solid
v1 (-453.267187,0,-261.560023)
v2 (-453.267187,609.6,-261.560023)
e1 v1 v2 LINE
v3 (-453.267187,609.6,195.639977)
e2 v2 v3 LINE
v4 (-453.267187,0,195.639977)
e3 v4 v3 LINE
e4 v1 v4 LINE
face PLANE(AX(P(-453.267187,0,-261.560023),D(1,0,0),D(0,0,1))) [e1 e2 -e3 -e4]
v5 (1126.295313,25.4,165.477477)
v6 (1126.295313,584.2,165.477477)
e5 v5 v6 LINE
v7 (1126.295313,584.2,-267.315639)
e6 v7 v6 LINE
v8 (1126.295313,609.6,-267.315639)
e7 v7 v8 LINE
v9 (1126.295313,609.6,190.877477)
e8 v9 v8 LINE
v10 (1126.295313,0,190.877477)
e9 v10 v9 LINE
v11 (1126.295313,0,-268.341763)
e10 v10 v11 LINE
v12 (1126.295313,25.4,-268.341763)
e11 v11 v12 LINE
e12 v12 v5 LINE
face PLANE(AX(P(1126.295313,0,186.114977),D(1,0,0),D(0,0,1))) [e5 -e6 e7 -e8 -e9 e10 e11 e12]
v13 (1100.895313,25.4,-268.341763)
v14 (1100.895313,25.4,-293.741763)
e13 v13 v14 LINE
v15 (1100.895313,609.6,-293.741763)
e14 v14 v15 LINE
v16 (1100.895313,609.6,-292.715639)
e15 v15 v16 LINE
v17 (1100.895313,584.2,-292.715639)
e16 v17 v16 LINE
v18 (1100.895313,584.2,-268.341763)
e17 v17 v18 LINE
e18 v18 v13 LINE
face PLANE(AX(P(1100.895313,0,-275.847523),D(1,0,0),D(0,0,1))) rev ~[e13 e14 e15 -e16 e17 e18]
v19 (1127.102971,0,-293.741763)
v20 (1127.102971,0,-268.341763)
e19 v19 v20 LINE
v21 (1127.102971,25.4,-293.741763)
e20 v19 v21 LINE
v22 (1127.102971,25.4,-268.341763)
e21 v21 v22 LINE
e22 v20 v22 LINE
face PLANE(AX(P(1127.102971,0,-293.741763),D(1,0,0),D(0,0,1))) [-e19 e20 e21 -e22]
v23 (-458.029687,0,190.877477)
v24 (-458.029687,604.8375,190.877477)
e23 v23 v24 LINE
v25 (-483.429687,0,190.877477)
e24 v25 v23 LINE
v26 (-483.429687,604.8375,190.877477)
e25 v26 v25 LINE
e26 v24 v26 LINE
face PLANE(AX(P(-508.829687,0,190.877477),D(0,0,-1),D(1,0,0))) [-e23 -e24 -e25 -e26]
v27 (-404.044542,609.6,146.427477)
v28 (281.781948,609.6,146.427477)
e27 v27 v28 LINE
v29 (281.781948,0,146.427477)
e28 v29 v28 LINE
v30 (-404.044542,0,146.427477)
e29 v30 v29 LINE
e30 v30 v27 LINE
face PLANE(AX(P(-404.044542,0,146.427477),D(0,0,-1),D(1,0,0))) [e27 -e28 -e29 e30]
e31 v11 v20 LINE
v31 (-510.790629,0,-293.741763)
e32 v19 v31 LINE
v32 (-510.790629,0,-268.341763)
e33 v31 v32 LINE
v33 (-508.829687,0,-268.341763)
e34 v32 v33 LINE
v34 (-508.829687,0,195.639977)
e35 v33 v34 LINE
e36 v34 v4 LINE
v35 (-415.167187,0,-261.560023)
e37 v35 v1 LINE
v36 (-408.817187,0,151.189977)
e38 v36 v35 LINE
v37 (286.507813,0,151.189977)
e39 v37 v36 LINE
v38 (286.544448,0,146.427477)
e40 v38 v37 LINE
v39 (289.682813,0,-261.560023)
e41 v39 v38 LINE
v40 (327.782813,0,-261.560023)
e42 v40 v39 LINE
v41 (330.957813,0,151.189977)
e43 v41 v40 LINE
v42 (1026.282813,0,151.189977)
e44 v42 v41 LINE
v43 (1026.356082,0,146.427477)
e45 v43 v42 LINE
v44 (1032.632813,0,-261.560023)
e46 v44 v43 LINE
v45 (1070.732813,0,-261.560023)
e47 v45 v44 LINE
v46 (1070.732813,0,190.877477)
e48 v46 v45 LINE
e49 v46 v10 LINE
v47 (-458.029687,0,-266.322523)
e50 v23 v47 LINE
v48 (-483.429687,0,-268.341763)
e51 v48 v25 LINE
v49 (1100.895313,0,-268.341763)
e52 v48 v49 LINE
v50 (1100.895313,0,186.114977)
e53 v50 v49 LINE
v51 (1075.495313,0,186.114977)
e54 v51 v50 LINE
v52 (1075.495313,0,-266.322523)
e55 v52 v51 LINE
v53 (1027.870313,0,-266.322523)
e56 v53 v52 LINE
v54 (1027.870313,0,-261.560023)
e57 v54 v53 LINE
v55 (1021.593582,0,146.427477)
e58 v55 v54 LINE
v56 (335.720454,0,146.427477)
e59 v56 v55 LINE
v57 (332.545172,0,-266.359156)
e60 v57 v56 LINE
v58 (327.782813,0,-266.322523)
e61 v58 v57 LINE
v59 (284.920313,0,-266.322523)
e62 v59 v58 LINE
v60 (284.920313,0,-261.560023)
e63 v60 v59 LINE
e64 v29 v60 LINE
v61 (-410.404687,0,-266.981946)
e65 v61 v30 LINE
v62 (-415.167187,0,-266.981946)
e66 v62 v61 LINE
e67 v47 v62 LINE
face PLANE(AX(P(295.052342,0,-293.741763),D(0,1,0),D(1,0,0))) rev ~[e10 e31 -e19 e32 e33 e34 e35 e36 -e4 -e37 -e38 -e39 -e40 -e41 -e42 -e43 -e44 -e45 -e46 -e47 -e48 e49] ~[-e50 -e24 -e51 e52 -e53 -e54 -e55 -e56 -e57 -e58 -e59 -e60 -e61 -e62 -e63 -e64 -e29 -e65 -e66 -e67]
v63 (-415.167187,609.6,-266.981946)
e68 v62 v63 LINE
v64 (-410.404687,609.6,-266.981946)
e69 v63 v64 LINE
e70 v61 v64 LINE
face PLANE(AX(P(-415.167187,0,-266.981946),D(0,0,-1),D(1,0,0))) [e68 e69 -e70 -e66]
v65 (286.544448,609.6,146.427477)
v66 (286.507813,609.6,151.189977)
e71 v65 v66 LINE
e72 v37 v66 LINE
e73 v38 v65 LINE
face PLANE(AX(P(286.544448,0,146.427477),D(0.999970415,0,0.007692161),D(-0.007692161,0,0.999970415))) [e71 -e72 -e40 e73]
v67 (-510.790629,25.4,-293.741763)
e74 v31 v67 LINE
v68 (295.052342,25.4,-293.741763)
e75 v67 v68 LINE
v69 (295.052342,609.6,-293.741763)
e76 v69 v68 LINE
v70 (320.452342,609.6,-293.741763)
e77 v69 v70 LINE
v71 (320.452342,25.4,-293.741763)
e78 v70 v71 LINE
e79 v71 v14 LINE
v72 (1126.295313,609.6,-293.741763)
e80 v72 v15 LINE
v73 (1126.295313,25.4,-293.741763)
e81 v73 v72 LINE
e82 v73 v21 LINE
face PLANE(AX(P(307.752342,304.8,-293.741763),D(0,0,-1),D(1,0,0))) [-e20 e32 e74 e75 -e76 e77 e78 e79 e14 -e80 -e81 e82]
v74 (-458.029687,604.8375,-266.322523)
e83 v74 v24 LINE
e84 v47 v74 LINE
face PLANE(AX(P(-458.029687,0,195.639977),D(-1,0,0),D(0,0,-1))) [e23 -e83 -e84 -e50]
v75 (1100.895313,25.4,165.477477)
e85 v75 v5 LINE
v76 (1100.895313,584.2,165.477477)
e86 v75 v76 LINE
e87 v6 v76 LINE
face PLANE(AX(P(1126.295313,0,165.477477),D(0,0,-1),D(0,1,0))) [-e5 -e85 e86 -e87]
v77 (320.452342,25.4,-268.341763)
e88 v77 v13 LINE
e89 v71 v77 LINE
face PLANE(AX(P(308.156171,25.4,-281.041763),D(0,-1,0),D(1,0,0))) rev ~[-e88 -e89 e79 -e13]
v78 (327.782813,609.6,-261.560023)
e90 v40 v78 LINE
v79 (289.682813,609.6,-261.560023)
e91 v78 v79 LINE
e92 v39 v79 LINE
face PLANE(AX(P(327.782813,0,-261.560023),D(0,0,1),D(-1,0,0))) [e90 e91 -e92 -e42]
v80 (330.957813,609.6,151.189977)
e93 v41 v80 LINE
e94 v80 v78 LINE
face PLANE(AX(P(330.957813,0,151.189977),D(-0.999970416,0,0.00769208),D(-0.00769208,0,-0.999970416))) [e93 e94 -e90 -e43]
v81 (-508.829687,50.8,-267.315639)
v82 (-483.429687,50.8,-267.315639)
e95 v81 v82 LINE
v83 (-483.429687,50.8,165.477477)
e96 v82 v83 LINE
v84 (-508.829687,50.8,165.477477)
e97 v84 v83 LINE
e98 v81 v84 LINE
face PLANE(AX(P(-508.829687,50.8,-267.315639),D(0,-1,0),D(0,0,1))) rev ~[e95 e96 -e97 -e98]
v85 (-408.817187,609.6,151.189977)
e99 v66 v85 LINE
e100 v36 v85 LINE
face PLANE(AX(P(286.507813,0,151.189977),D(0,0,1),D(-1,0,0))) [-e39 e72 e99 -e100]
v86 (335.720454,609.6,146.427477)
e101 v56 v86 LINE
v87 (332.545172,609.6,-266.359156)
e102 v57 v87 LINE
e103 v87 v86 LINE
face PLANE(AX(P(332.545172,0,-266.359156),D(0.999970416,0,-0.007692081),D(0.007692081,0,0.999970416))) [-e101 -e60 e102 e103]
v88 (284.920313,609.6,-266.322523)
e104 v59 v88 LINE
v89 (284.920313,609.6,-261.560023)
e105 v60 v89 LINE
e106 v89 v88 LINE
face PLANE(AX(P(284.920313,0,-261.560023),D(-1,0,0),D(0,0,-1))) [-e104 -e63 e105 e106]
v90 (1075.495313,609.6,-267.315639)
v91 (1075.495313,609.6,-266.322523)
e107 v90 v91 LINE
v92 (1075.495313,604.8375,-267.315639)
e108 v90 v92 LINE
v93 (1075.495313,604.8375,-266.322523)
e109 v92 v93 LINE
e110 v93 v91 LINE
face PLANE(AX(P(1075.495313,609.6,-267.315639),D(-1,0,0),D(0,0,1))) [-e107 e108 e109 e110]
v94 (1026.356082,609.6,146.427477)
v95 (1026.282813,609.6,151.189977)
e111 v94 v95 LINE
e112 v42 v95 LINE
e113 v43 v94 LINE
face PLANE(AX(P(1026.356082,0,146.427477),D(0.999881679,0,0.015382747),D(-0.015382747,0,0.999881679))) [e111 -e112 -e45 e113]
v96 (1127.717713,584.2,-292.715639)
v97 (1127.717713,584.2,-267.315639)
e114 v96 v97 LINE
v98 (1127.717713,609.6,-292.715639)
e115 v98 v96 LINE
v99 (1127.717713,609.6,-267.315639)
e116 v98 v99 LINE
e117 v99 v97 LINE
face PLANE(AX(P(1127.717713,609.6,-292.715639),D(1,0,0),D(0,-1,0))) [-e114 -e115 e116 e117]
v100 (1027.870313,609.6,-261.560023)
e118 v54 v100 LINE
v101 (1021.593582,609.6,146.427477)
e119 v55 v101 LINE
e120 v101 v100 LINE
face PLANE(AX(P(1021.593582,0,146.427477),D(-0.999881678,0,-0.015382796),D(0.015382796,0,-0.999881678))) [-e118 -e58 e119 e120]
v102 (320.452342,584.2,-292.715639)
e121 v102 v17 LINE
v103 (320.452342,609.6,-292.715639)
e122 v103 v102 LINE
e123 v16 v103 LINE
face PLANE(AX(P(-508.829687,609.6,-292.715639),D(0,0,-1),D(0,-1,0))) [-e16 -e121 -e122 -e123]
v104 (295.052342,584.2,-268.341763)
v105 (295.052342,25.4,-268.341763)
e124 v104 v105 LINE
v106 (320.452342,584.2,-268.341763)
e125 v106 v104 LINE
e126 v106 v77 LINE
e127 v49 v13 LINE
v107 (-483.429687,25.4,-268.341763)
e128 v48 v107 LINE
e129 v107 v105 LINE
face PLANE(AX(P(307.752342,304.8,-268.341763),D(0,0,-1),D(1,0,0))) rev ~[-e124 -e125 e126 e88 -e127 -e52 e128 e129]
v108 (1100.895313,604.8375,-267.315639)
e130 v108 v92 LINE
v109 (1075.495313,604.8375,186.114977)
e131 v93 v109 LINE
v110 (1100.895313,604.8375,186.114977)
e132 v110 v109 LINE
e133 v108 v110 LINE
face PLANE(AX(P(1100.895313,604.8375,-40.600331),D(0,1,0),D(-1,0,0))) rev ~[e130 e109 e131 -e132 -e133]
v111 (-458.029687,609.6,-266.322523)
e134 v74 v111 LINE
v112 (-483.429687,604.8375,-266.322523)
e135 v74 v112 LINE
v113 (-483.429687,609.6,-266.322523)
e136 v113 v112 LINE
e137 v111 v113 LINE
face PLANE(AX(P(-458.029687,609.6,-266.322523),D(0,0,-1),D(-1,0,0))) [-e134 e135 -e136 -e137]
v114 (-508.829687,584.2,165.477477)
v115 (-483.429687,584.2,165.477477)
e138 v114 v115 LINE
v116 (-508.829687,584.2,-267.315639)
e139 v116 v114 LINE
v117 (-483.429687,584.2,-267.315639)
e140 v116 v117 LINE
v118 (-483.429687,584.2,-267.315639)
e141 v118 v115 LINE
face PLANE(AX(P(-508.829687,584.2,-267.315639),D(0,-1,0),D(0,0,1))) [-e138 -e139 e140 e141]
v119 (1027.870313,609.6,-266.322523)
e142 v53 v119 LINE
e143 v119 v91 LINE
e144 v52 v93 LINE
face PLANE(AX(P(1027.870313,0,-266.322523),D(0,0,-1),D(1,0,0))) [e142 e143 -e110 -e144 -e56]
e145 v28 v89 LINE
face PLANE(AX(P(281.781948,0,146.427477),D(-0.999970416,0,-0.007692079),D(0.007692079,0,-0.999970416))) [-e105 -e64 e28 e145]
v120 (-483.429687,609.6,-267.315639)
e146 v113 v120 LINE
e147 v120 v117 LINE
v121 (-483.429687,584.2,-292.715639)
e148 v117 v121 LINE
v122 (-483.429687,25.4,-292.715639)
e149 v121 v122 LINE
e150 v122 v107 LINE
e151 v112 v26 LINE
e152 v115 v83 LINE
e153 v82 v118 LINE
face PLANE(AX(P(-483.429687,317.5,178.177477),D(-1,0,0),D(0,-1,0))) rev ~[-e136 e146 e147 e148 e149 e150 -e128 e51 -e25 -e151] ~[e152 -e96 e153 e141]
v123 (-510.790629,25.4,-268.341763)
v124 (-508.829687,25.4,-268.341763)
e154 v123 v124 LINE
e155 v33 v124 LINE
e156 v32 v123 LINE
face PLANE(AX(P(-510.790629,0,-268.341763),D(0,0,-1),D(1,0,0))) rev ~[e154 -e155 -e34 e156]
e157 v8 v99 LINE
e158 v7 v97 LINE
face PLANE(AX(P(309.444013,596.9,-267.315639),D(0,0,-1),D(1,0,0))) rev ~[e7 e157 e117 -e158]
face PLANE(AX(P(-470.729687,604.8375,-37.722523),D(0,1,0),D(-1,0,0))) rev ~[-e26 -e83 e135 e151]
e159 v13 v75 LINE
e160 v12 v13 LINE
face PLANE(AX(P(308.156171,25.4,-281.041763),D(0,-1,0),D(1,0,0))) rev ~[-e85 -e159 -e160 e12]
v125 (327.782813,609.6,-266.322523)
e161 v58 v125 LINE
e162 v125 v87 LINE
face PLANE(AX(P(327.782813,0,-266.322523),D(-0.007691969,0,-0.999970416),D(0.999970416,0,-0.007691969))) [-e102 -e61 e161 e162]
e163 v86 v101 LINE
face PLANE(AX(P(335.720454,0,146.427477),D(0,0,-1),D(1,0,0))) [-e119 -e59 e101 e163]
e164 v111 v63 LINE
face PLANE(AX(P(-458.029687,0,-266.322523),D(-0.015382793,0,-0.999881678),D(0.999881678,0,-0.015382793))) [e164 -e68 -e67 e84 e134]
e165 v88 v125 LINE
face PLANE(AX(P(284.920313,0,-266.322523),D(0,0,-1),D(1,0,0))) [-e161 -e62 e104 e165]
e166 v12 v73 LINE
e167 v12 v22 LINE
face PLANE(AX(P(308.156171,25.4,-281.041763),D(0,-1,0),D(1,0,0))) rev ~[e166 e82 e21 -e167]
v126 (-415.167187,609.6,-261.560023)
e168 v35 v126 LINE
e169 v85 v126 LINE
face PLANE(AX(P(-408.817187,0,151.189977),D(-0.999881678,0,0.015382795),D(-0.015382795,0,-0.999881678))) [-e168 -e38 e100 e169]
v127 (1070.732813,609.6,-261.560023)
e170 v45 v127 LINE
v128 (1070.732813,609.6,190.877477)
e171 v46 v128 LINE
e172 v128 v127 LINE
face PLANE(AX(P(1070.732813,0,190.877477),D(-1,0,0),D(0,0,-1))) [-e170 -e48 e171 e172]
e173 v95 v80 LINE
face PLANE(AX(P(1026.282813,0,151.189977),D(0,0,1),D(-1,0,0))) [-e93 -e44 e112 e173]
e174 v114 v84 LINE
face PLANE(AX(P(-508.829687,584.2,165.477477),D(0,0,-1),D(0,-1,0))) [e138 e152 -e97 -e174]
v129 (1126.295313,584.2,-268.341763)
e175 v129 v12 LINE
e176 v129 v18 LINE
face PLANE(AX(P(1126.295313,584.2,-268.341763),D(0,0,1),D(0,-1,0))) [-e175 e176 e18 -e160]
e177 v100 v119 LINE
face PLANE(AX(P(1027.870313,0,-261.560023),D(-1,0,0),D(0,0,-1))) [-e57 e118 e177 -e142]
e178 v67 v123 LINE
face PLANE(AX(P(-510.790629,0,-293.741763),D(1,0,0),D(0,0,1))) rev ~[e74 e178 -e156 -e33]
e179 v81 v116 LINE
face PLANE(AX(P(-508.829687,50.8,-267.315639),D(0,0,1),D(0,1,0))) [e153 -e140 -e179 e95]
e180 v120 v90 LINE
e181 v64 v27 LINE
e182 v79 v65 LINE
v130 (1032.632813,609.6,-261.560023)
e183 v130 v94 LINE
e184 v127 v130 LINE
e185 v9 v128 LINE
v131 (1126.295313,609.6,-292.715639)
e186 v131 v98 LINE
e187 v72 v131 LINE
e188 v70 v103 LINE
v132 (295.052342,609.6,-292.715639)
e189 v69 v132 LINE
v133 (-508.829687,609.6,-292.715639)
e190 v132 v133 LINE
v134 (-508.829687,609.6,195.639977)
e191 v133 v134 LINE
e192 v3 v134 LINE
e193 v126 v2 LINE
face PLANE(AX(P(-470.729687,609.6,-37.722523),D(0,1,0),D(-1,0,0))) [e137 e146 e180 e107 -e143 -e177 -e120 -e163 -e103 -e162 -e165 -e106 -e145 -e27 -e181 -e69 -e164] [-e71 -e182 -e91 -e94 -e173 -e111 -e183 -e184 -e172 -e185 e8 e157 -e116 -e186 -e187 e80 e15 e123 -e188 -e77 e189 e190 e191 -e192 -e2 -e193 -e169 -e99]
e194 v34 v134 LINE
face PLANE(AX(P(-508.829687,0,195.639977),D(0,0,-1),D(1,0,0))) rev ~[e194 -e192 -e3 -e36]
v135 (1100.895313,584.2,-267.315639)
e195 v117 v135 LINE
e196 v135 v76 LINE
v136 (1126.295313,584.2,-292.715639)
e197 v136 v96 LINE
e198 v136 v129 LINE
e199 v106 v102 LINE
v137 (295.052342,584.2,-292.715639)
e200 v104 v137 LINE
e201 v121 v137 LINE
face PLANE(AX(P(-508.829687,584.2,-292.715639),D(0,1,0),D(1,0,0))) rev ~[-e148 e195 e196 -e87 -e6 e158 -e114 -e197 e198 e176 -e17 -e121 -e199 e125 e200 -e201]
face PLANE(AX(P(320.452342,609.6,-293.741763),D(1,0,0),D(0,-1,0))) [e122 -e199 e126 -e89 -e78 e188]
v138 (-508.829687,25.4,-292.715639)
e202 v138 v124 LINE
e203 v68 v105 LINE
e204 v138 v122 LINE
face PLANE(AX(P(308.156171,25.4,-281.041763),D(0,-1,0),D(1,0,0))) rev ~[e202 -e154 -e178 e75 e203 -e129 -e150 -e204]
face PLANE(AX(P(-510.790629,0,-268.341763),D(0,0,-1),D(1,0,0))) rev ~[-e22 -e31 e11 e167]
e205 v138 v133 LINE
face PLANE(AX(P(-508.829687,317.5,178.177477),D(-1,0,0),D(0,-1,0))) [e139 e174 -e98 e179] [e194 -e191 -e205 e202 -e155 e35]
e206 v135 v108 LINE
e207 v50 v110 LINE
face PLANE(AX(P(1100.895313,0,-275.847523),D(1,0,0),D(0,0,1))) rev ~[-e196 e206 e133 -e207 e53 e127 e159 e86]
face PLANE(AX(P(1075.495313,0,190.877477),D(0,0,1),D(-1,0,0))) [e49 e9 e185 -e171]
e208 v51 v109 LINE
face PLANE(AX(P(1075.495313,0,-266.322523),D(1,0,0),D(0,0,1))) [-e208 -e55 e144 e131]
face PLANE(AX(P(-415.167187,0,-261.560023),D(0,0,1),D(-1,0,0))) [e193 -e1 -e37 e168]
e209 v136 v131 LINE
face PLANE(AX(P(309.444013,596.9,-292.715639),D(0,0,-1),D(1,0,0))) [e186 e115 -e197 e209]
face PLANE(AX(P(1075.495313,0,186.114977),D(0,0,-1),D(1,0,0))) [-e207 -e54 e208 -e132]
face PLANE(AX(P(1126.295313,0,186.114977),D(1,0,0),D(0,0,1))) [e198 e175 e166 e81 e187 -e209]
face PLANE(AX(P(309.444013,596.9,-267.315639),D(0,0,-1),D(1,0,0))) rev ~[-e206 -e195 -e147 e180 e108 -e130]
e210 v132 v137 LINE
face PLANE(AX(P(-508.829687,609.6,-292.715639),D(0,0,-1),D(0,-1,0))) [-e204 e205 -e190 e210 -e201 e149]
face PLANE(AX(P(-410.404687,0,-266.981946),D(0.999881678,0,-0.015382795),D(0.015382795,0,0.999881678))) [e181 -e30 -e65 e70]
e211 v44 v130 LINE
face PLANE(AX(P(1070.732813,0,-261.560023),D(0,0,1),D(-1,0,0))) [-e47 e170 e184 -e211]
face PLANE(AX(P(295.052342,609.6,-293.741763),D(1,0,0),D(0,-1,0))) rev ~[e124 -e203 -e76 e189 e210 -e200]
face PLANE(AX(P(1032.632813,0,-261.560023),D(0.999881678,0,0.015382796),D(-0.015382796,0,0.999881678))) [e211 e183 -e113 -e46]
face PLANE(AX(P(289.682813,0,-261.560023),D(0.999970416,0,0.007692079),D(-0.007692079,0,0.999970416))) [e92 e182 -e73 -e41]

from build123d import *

# Parameters (mm, degrees)
F0_W      = 4.7625
F0_H      = 457.2
F1_DEPTH  = 609.6
F2_W      = 50.8
F2_H      = 4.7625
F3_DEPTH  = 609.6
F4_DEPTH  = 609.6
F5_W      = 25.4
F5_H      = 461.9625
F6_DEPTH  = 25.4
F8_DEPTH  = 25.4
F9_W      = 1637.8936
F9_H      = 25.4
F10_DEPTH = 25.4
F11_W     = 25.4
F11_H     = 433.81924
F12_DEPTH = 25.4
F13_DEPTH = 25.4
F14_W     = 25.4
F14_H     = 432.793116
F15_DEPTH = 25.4
F16_W     = 1636.5474
F16_H     = 25.4
F17_DEPTH = 25.4
F18_W     = 25.4
F18_H     = 609.6
F19_DEPTH = 25.4
F20_W     = 50.8
F20_H     = 453.430616
F21_DEPTH = 4.7625
F22_W     = 25.4
F22_H     = 457.2
F23_DEPTH = 4.7625


with BuildPart() as f1:
    # F0 (on Front) → F1 (new body)
    with BuildSketch(Plane.XZ):
        with Locations((-455.648437, -32.960023)):
            Rectangle(F0_W, F0_H)
        Polygon((-415.167187, -261.560023), (-453.267187, -261.560023), (-458.029687, -261.560023), (-458.029687, -266.322523), (-415.167187, -266.981946), align=None)
        Polygon((-408.817187, 151.189977), (-415.167187, -261.560023), (-415.167187, -266.981946), (-410.404687, -266.981946), (-404.044542, 146.427477), (-408.817187, 146.427477), align=None)
        Polygon((-403.971273, 151.189977), (-408.817187, 151.189977), (-408.817187, 146.427477), (-404.044542, 146.427477), align=None)
        Polygon((286.507813, 151.189977), (-403.971273, 151.189977), (-404.044542, 146.427477), (281.781948, 146.427477), (286.544448, 146.427477), align=None)
        Polygon((289.682813, -261.560023), (286.544448, 146.427477), (281.781948, 146.427477), (284.920313, -261.560023), align=None)
        Polygon((327.782813, -261.560023), (289.682813, -261.560023), (284.920313, -261.560023), (284.920313, -266.322523), (327.782813, -266.322523), align=None)
        Polygon((330.957813, 151.189977), (327.782813, -261.560023), (327.782813, -266.322523), (332.545172, -266.359156), (335.720454, 146.427477), (330.957813, 146.427477), align=None)
        Polygon((335.757089, 151.189977), (330.957813, 151.189977), (330.957813, 146.427477), (335.720454, 146.427477), align=None)
        Polygon((1021.520313, 151.189977), (335.757089, 151.189977), (335.720454, 146.427477), (1021.593582, 146.427477), align=None)
        Polygon((1026.282813, 151.189977), (1021.520313, 151.189977), (1021.593582, 146.427477), (1026.356082, 146.427477), align=None)
        Polygon((1026.356082, 146.427477), (1021.593582, 146.427477), (1027.870313, -261.560023), (1032.632813, -261.560023), align=None)
        Polygon((1032.632813, -261.560023), (1027.870313, -261.560023), (1027.870313, -266.322523), (1070.732813, -266.322523), (1070.732813, -261.560023), align=None)
        Polygon((1070.732813, 190.877477), (1070.732813, -261.560023), (1070.732813, -266.322523), (1075.495313, -266.322523), (1075.495313, 190.877477), align=None)
    extrude(amount=-F1_DEPTH)

    # F2 (on face) → F3 (join)
    with BuildSketch(Plane.XZ):
        with Locations((-483.429687, 193.258727)):
            Rectangle(F2_W, F2_H)
    extrude(amount=-F3_DEPTH)

    # F2 (on face) → F4 (join)
    with BuildSketch(Plane.XZ):
        with Locations((-483.429687, 193.258727)):
            Rectangle(F2_W, F2_H)
        with Locations((1100.895313, 188.496227)):
            Rectangle(F2_W, F2_H)
    extrude(amount=-F4_DEPTH)

    # F5 (on face) → F6 (join)
    with BuildSketch(Plane.XZ):
        with Locations((-496.129687, -40.103773)):
            Rectangle(F5_W, F5_H)
        with Locations((1113.595313, -44.866273)):
            Rectangle(F5_W, F5_H)
    extrude(amount=-F6_DEPTH)

    # F5 (on face) → F8 (join)
    with BuildSketch(Plane.XZ):
        with Locations((-496.129687, -40.103773)):
            Rectangle(F5_W, F5_H)
        with Locations((1113.595313, -44.866273)):
            Rectangle(F5_W, F5_H)
    extrude(amount=-F8_DEPTH)

    # F9 (on face) → F10 (join)
    with BuildSketch(Plane.XZ):
        with Locations((308.156171, -281.041763)):
            Rectangle(F9_W, F9_H)
    extrude(amount=-F10_DEPTH)

    # F11 (on face) → F12 (join)
    with BuildSketch(Plane.YZ.offset(1126.295313)):
        Polygon((609.6, 190.877477), (0, 190.877477), (0, 165.477477), (584.2, 165.477477), (609.6, 165.477477), align=None)
        with Locations((596.9, -51.432143)):
            Rectangle(F11_W, F11_H)
        Polygon((609.6, -293.741763), (609.6, -268.341763), (584.2, -268.341763), (25.4, -268.341763), (25.4, -293.741763), align=None)
    extrude(amount=-F12_DEPTH)

    # F11 (on face) → F13 (join)
    with BuildSketch(Plane.YZ.offset(1126.295313)):
        Polygon((609.6, 190.877477), (0, 190.877477), (0, 165.477477), (584.2, 165.477477), (609.6, 165.477477), align=None)
        with Locations((596.9, -51.432143)):
            Rectangle(F11_W, F11_H)
        Polygon((609.6, -293.741763), (609.6, -268.341763), (584.2, -268.341763), (25.4, -268.341763), (25.4, -293.741763), align=None)
    extrude(amount=-F13_DEPTH)

    # F14 (on face) → F15 (join)
    with BuildSketch(Plane(origin=(-508.829687, 0, 0), x_dir=(0, -1, 0), z_dir=(-1, 0, 0))):
        Polygon((-25.4, 165.477477), (-25.4, 190.877477), (-609.6, 190.877477), (-609.6, 165.477477), (-584.2, 165.477477), (-50.8, 165.477477), align=None)
        with Locations((-38.1, -50.919081)):
            Rectangle(F14_W, F14_H)
        with Locations((-596.9, -50.919081)):
            Rectangle(F14_W, F14_H)
        Polygon((-25.4, -292.715639), (-25.4, -267.315639), (-50.8, -267.315639), (-584.2, -267.315639), (-609.6, -267.315639), (-609.6, -292.715639), align=None)
    extrude(amount=-F15_DEPTH)

    # F16 (on face) → F17 (join)
    with BuildSketch(Plane(origin=(0, 0, -292.715639), x_dir=(1, 0, 0), z_dir=(0, 0, -1))):
        with Locations((309.444013, -596.9)):
            Rectangle(F16_W, F16_H)
    extrude(amount=-F17_DEPTH)

    # F18 (on face) → F19 (join)
    with BuildSketch(Plane(origin=(0, 0, -293.741763), x_dir=(1, 0, 0), z_dir=(0, 0, -1))):
        with Locations((307.752342, -304.8)):
            Rectangle(F18_W, F18_H)
    extrude(amount=-F19_DEPTH)

    # F20 (on face) → F21 (join)
    with BuildSketch(Plane(origin=(0, 609.6, 0), x_dir=(-1, 0, 0), z_dir=(0, 1, 0))):
        with Locations((-1100.895313, -40.600331)):
            Rectangle(F20_W, F20_H)
    extrude(amount=-F21_DEPTH)

    # F22 (on face) → F23 (join)
    with BuildSketch(Plane(origin=(0, 609.6, 0), x_dir=(-1, 0, 0), z_dir=(0, 1, 0))):
        with Locations((470.729687, -37.722523)):
            Rectangle(F22_W, F22_H)
    extrude(amount=-F23_DEPTH)


solid = f1.part
